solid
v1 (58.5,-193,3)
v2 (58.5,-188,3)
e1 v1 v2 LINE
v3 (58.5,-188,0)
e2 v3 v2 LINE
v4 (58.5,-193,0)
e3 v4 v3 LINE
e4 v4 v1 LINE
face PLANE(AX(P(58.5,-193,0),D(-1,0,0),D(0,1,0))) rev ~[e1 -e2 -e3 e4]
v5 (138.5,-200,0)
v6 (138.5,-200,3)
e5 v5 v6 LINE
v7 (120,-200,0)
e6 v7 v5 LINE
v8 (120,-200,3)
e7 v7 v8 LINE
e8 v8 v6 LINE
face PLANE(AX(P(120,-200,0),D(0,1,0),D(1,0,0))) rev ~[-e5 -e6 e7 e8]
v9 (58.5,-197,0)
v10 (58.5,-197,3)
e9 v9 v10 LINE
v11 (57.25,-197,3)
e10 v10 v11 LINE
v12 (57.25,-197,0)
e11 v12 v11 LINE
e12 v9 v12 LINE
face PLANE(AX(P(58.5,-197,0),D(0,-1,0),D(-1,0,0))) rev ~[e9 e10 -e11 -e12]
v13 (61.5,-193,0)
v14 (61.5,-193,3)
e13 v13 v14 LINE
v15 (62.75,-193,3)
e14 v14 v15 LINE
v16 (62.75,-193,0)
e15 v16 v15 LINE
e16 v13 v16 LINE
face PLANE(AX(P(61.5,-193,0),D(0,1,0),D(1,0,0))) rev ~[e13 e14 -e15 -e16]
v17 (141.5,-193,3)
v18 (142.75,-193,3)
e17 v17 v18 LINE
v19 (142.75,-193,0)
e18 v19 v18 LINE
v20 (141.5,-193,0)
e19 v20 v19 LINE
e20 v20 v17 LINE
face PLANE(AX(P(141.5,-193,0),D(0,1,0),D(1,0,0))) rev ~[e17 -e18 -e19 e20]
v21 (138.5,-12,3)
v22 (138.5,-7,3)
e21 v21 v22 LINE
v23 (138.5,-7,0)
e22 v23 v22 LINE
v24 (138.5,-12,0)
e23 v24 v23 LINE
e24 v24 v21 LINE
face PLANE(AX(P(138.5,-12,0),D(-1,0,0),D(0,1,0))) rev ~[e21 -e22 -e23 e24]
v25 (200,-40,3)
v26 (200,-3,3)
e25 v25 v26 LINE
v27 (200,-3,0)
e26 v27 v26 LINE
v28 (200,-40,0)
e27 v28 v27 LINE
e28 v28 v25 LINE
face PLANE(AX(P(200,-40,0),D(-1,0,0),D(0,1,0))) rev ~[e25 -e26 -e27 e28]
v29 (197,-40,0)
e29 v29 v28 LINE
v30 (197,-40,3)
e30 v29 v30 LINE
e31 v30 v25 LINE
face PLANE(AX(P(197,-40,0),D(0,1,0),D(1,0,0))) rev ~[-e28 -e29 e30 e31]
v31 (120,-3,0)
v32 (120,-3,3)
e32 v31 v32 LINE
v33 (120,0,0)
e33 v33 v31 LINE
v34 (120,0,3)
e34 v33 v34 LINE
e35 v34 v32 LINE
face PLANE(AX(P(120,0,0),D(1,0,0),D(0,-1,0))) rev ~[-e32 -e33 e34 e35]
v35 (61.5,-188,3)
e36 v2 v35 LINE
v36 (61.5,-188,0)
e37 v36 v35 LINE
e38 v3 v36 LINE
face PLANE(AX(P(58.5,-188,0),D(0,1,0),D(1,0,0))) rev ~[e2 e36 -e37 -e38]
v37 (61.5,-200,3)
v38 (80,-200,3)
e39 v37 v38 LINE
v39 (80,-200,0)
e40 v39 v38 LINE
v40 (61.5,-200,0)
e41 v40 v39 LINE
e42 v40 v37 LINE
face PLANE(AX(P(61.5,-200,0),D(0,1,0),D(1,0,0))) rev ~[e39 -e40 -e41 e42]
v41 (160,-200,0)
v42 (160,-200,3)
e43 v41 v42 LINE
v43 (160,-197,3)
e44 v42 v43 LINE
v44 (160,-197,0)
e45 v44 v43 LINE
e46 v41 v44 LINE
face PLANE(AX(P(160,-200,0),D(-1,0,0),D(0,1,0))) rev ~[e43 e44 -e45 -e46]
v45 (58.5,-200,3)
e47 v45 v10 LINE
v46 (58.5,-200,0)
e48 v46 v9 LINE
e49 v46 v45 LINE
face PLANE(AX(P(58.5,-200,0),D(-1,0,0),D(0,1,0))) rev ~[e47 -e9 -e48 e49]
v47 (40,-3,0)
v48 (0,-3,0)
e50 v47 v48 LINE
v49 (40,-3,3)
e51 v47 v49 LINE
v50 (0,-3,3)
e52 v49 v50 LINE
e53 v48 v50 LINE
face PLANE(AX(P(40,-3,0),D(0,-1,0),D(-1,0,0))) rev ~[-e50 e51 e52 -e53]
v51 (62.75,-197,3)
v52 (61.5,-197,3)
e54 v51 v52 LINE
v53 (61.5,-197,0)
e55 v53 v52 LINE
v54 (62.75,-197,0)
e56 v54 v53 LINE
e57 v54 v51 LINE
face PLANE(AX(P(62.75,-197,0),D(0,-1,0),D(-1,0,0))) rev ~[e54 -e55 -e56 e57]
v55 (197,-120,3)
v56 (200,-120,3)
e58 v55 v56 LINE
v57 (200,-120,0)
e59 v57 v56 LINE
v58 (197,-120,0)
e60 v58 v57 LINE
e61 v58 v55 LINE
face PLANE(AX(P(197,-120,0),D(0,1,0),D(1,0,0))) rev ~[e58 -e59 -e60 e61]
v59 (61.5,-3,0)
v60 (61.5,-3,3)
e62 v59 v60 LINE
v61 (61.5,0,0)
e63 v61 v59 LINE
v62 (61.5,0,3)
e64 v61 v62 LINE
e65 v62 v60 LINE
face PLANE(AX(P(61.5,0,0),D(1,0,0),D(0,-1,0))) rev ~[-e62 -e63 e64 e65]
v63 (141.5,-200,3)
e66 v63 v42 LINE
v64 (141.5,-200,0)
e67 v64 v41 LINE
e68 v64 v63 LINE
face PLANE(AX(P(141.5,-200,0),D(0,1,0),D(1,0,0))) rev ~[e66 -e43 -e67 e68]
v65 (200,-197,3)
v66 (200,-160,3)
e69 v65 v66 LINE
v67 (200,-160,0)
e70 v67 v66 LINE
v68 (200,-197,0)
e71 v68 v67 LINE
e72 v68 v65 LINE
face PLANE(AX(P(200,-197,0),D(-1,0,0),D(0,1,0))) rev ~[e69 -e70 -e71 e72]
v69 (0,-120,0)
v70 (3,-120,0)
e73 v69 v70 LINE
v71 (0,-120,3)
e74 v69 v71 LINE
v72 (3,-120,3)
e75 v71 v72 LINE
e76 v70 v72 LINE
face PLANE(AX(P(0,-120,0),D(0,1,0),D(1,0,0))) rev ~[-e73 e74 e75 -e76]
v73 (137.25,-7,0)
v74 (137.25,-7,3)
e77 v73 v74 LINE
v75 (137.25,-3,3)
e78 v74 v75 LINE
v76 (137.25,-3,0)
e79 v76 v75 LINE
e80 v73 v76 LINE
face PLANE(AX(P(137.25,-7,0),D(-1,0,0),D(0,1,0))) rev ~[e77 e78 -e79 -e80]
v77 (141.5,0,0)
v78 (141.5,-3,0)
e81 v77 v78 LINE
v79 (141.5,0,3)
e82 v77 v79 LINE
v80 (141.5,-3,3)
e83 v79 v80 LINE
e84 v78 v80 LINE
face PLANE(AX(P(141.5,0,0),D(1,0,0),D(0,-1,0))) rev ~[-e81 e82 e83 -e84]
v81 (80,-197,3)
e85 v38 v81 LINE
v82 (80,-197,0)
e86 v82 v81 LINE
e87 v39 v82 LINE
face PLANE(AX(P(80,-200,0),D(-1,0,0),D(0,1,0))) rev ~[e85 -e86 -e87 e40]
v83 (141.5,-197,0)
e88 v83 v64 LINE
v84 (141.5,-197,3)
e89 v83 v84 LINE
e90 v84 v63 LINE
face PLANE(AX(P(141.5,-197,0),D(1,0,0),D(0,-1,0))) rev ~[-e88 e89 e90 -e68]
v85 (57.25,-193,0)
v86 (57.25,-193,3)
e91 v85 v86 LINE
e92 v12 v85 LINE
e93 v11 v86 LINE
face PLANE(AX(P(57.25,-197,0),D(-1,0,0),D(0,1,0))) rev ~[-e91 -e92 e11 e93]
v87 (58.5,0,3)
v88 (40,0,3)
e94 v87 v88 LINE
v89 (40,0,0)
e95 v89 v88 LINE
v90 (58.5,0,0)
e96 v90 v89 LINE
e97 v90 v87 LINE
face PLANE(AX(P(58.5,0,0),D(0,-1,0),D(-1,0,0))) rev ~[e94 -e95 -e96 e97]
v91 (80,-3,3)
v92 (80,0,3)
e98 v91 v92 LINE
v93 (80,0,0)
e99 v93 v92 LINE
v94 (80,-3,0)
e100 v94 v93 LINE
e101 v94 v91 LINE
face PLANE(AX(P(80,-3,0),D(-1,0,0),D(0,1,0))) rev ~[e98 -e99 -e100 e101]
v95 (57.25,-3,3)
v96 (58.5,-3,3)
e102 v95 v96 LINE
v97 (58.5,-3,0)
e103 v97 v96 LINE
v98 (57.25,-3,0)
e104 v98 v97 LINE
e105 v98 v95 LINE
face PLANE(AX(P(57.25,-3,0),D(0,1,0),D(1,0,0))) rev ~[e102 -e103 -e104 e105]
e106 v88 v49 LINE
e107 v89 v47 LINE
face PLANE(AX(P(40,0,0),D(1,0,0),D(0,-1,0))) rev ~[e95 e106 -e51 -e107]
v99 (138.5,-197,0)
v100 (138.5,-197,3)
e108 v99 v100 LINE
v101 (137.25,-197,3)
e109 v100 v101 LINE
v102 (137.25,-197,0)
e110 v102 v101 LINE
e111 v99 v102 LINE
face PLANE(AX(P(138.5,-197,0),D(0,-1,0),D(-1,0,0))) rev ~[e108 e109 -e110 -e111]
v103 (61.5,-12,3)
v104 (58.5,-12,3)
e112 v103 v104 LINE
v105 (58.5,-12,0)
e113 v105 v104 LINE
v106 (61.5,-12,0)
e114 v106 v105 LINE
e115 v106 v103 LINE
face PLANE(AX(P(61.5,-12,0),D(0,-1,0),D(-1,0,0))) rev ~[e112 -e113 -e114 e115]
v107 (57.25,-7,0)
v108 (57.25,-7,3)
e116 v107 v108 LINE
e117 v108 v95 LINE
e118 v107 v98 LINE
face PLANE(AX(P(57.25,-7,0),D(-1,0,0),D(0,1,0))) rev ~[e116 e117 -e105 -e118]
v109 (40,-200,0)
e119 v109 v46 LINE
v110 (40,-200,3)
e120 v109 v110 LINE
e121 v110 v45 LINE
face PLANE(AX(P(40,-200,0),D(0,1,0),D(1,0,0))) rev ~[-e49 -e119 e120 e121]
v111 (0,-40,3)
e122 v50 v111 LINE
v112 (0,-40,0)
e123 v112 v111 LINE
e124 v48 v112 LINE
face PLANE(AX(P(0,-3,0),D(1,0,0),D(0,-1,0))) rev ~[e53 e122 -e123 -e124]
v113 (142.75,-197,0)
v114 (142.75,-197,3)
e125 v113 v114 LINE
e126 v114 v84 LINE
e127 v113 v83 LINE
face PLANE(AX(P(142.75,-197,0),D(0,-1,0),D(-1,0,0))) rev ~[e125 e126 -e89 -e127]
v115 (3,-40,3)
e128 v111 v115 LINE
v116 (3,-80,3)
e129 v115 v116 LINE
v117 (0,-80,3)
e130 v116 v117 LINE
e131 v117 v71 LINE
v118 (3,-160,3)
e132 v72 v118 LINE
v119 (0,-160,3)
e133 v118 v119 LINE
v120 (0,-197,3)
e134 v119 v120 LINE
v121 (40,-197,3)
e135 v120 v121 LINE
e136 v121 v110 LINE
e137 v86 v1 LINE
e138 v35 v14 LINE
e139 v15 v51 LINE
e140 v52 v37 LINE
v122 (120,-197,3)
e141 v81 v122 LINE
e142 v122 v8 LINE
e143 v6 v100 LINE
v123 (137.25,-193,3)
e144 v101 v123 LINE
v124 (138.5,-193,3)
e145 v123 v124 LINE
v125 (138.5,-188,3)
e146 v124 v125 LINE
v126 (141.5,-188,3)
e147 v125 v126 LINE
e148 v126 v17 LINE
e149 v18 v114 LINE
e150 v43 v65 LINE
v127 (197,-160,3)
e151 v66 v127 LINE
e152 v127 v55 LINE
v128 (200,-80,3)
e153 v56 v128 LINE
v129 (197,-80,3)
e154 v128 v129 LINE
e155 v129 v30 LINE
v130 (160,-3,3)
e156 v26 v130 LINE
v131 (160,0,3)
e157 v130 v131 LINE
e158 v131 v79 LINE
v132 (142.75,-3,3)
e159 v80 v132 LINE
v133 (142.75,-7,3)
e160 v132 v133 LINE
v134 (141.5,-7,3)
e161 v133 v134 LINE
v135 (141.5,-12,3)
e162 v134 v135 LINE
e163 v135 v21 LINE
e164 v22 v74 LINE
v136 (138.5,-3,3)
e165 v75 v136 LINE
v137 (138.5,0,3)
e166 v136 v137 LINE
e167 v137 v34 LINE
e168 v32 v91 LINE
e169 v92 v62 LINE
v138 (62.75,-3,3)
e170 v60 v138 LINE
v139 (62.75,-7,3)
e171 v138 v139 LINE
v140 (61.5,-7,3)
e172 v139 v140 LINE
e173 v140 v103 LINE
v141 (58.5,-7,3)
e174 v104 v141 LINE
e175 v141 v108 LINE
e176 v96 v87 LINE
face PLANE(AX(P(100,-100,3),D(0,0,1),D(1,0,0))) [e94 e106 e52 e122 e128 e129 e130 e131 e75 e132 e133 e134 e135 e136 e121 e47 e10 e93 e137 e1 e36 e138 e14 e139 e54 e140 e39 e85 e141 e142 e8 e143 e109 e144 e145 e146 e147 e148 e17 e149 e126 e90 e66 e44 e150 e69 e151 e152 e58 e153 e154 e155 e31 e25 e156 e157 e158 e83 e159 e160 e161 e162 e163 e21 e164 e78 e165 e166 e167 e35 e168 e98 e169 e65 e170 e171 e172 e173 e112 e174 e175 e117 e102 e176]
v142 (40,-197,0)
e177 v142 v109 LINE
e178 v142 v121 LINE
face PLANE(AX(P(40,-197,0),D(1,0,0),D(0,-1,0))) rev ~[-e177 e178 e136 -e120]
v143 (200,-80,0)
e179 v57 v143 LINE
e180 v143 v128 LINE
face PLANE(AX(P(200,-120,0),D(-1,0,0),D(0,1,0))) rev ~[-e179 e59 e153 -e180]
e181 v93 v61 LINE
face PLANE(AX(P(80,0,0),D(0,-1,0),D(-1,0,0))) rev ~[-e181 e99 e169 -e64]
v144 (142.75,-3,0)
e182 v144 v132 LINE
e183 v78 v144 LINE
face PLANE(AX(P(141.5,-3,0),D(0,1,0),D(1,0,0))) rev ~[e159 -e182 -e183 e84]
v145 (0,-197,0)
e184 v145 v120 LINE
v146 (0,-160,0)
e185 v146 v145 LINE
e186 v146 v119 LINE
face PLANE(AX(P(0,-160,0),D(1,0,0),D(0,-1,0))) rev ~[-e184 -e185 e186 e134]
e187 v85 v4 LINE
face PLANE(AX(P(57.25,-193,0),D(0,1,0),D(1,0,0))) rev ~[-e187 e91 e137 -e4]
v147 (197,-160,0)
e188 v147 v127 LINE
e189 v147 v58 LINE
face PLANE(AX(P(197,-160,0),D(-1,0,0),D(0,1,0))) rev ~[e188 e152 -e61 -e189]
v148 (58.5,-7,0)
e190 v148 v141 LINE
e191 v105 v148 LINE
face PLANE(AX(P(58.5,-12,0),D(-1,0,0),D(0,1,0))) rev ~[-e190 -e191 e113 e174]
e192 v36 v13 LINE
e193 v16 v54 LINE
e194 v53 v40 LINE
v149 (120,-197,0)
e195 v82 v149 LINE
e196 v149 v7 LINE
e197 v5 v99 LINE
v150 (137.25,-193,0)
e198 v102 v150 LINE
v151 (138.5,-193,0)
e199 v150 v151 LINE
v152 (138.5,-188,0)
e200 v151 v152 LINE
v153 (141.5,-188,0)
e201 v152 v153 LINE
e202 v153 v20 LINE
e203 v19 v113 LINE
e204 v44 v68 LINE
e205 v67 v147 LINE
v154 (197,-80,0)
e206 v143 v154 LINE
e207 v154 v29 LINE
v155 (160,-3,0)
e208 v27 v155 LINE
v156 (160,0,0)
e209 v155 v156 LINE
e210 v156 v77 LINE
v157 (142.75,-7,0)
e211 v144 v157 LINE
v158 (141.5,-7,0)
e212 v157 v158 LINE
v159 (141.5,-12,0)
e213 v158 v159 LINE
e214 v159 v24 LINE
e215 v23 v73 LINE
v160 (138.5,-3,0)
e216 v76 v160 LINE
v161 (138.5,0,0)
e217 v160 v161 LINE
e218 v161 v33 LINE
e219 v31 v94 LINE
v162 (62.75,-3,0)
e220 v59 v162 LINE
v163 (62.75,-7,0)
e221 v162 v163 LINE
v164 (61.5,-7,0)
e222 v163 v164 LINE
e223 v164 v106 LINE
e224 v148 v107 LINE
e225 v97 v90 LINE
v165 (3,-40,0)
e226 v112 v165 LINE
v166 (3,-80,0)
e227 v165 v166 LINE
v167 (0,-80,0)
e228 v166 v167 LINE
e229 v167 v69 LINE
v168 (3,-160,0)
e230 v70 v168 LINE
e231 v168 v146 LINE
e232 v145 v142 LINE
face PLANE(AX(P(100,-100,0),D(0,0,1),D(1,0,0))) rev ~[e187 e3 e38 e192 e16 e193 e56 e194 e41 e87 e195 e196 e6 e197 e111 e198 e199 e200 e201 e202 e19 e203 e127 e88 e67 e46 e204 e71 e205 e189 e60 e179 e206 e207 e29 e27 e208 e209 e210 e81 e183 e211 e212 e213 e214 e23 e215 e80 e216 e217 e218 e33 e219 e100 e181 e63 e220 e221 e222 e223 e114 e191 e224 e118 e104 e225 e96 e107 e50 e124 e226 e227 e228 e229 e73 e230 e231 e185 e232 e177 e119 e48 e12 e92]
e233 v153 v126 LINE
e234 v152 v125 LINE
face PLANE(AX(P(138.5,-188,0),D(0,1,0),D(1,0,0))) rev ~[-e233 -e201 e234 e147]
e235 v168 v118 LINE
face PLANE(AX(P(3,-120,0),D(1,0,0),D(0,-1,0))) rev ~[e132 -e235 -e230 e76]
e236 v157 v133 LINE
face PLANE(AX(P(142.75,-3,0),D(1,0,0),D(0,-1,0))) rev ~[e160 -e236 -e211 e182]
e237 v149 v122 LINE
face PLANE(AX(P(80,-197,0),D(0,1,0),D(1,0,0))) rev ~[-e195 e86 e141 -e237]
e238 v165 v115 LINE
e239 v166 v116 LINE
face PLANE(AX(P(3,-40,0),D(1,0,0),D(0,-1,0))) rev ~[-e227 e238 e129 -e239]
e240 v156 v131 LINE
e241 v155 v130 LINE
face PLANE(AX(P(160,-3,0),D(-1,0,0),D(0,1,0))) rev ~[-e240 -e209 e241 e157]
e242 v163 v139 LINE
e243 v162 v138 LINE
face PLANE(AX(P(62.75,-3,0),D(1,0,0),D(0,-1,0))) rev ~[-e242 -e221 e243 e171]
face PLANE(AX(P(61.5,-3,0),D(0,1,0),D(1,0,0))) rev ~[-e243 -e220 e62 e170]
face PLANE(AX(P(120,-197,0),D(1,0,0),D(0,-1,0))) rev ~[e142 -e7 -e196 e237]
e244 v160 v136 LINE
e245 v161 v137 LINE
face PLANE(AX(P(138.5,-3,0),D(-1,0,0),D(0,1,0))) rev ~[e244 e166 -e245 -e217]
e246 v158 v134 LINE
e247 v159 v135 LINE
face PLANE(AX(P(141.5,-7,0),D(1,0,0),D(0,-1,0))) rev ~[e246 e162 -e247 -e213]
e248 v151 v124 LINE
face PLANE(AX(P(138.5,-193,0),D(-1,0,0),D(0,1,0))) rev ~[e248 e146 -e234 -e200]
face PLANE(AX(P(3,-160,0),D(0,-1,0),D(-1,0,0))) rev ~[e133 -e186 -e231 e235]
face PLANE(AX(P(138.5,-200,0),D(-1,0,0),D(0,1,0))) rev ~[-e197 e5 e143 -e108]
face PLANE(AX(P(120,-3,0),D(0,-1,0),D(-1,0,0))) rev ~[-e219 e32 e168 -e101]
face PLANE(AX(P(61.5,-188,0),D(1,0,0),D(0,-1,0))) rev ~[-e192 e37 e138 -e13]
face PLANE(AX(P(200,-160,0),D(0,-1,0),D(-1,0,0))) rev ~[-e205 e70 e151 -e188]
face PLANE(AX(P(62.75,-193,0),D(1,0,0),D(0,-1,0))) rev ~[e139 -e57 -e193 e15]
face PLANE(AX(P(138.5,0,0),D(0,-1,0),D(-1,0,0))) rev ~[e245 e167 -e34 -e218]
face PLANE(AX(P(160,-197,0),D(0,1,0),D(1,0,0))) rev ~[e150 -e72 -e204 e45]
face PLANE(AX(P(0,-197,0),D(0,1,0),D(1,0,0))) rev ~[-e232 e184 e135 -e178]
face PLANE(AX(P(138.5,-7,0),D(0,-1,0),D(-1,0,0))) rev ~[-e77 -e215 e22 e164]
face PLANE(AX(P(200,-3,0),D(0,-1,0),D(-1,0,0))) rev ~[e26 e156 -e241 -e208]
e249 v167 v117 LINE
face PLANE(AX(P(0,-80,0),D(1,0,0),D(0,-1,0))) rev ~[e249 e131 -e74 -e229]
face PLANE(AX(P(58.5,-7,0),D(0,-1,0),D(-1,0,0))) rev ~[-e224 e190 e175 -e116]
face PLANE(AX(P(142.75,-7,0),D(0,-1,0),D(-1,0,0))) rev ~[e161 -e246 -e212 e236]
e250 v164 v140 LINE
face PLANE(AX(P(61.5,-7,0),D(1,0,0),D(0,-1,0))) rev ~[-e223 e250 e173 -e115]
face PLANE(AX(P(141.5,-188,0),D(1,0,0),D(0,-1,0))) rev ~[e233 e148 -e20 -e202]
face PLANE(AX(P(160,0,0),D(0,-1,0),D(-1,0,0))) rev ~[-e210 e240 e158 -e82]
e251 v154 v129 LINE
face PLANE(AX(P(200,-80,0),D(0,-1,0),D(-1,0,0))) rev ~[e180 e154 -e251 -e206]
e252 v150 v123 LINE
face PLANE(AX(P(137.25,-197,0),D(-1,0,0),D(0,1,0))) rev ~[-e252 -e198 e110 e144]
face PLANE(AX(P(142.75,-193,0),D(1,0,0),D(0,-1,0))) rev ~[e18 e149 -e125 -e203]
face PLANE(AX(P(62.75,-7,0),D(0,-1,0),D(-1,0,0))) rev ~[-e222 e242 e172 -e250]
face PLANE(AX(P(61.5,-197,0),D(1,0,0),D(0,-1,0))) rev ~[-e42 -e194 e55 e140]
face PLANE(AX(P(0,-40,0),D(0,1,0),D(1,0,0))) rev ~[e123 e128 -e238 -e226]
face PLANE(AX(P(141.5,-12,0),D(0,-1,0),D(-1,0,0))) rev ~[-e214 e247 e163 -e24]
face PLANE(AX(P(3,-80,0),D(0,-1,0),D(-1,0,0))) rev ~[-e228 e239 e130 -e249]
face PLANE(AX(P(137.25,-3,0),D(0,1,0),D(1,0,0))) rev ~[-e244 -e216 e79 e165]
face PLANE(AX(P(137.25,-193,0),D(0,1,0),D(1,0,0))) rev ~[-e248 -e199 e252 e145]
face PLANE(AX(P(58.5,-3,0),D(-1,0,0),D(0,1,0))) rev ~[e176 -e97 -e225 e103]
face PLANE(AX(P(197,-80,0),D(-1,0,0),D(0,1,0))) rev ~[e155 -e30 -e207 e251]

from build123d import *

# Parameters (mm, degrees)
EXTRUDE_1_DEPTH = 3


with BuildPart() as part:
    # 草图1 → 凸台-拉伸1 (new body)
    with BuildSketch(Plane.XY):
        Polygon((120, -3), (80, -3), (80, 0), (61.5, 0), (61.5, -3), (62.75, -3), (62.75, -7), (61.5, -7), (61.5, -12), (58.5, -12), (58.5, -7), (57.25, -7), (57.25, -3), (58.5, -3), (58.5, 0), (40, 0), (40, -3), (0, -3), (0, -40), (3, -40), (3, -80), (0, -80), (0, -120), (3, -120), (3, -160), (0, -160), (0, -197), (40, -197), (40, -200), (58.5, -200), (58.5, -197), (57.25, -197), (57.25, -193), (58.5, -193), (58.5, -188), (61.5, -188), (61.5, -193), (62.75, -193), (62.75, -197), (61.5, -197), (61.5, -200), (80, -200), (80, -197), (120, -197), (120, -200), (138.5, -200), (138.5, -197), (137.25, -197), (137.25, -193), (138.5, -193), (138.5, -188), (141.5, -188), (141.5, -193), (142.75, -193), (142.75, -197), (141.5, -197), (141.5, -200), (160, -200), (160, -197), (200, -197), (200, -160), (197, -160), (197, -120), (200, -120), (200, -80), (197, -80), (197, -40), (200, -40), (200, -3), (160, -3), (160, 0), (141.5, 0), (141.5, -3), (142.75, -3), (142.75, -7), (141.5, -7), (141.5, -12), (138.5, -12), (138.5, -7), (137.25, -7), (137.25, -3), (138.5, -3), (138.5, 0), (120, 0), align=None)
    extrude(amount=EXTRUDE_1_DEPTH)


solid = part.part
